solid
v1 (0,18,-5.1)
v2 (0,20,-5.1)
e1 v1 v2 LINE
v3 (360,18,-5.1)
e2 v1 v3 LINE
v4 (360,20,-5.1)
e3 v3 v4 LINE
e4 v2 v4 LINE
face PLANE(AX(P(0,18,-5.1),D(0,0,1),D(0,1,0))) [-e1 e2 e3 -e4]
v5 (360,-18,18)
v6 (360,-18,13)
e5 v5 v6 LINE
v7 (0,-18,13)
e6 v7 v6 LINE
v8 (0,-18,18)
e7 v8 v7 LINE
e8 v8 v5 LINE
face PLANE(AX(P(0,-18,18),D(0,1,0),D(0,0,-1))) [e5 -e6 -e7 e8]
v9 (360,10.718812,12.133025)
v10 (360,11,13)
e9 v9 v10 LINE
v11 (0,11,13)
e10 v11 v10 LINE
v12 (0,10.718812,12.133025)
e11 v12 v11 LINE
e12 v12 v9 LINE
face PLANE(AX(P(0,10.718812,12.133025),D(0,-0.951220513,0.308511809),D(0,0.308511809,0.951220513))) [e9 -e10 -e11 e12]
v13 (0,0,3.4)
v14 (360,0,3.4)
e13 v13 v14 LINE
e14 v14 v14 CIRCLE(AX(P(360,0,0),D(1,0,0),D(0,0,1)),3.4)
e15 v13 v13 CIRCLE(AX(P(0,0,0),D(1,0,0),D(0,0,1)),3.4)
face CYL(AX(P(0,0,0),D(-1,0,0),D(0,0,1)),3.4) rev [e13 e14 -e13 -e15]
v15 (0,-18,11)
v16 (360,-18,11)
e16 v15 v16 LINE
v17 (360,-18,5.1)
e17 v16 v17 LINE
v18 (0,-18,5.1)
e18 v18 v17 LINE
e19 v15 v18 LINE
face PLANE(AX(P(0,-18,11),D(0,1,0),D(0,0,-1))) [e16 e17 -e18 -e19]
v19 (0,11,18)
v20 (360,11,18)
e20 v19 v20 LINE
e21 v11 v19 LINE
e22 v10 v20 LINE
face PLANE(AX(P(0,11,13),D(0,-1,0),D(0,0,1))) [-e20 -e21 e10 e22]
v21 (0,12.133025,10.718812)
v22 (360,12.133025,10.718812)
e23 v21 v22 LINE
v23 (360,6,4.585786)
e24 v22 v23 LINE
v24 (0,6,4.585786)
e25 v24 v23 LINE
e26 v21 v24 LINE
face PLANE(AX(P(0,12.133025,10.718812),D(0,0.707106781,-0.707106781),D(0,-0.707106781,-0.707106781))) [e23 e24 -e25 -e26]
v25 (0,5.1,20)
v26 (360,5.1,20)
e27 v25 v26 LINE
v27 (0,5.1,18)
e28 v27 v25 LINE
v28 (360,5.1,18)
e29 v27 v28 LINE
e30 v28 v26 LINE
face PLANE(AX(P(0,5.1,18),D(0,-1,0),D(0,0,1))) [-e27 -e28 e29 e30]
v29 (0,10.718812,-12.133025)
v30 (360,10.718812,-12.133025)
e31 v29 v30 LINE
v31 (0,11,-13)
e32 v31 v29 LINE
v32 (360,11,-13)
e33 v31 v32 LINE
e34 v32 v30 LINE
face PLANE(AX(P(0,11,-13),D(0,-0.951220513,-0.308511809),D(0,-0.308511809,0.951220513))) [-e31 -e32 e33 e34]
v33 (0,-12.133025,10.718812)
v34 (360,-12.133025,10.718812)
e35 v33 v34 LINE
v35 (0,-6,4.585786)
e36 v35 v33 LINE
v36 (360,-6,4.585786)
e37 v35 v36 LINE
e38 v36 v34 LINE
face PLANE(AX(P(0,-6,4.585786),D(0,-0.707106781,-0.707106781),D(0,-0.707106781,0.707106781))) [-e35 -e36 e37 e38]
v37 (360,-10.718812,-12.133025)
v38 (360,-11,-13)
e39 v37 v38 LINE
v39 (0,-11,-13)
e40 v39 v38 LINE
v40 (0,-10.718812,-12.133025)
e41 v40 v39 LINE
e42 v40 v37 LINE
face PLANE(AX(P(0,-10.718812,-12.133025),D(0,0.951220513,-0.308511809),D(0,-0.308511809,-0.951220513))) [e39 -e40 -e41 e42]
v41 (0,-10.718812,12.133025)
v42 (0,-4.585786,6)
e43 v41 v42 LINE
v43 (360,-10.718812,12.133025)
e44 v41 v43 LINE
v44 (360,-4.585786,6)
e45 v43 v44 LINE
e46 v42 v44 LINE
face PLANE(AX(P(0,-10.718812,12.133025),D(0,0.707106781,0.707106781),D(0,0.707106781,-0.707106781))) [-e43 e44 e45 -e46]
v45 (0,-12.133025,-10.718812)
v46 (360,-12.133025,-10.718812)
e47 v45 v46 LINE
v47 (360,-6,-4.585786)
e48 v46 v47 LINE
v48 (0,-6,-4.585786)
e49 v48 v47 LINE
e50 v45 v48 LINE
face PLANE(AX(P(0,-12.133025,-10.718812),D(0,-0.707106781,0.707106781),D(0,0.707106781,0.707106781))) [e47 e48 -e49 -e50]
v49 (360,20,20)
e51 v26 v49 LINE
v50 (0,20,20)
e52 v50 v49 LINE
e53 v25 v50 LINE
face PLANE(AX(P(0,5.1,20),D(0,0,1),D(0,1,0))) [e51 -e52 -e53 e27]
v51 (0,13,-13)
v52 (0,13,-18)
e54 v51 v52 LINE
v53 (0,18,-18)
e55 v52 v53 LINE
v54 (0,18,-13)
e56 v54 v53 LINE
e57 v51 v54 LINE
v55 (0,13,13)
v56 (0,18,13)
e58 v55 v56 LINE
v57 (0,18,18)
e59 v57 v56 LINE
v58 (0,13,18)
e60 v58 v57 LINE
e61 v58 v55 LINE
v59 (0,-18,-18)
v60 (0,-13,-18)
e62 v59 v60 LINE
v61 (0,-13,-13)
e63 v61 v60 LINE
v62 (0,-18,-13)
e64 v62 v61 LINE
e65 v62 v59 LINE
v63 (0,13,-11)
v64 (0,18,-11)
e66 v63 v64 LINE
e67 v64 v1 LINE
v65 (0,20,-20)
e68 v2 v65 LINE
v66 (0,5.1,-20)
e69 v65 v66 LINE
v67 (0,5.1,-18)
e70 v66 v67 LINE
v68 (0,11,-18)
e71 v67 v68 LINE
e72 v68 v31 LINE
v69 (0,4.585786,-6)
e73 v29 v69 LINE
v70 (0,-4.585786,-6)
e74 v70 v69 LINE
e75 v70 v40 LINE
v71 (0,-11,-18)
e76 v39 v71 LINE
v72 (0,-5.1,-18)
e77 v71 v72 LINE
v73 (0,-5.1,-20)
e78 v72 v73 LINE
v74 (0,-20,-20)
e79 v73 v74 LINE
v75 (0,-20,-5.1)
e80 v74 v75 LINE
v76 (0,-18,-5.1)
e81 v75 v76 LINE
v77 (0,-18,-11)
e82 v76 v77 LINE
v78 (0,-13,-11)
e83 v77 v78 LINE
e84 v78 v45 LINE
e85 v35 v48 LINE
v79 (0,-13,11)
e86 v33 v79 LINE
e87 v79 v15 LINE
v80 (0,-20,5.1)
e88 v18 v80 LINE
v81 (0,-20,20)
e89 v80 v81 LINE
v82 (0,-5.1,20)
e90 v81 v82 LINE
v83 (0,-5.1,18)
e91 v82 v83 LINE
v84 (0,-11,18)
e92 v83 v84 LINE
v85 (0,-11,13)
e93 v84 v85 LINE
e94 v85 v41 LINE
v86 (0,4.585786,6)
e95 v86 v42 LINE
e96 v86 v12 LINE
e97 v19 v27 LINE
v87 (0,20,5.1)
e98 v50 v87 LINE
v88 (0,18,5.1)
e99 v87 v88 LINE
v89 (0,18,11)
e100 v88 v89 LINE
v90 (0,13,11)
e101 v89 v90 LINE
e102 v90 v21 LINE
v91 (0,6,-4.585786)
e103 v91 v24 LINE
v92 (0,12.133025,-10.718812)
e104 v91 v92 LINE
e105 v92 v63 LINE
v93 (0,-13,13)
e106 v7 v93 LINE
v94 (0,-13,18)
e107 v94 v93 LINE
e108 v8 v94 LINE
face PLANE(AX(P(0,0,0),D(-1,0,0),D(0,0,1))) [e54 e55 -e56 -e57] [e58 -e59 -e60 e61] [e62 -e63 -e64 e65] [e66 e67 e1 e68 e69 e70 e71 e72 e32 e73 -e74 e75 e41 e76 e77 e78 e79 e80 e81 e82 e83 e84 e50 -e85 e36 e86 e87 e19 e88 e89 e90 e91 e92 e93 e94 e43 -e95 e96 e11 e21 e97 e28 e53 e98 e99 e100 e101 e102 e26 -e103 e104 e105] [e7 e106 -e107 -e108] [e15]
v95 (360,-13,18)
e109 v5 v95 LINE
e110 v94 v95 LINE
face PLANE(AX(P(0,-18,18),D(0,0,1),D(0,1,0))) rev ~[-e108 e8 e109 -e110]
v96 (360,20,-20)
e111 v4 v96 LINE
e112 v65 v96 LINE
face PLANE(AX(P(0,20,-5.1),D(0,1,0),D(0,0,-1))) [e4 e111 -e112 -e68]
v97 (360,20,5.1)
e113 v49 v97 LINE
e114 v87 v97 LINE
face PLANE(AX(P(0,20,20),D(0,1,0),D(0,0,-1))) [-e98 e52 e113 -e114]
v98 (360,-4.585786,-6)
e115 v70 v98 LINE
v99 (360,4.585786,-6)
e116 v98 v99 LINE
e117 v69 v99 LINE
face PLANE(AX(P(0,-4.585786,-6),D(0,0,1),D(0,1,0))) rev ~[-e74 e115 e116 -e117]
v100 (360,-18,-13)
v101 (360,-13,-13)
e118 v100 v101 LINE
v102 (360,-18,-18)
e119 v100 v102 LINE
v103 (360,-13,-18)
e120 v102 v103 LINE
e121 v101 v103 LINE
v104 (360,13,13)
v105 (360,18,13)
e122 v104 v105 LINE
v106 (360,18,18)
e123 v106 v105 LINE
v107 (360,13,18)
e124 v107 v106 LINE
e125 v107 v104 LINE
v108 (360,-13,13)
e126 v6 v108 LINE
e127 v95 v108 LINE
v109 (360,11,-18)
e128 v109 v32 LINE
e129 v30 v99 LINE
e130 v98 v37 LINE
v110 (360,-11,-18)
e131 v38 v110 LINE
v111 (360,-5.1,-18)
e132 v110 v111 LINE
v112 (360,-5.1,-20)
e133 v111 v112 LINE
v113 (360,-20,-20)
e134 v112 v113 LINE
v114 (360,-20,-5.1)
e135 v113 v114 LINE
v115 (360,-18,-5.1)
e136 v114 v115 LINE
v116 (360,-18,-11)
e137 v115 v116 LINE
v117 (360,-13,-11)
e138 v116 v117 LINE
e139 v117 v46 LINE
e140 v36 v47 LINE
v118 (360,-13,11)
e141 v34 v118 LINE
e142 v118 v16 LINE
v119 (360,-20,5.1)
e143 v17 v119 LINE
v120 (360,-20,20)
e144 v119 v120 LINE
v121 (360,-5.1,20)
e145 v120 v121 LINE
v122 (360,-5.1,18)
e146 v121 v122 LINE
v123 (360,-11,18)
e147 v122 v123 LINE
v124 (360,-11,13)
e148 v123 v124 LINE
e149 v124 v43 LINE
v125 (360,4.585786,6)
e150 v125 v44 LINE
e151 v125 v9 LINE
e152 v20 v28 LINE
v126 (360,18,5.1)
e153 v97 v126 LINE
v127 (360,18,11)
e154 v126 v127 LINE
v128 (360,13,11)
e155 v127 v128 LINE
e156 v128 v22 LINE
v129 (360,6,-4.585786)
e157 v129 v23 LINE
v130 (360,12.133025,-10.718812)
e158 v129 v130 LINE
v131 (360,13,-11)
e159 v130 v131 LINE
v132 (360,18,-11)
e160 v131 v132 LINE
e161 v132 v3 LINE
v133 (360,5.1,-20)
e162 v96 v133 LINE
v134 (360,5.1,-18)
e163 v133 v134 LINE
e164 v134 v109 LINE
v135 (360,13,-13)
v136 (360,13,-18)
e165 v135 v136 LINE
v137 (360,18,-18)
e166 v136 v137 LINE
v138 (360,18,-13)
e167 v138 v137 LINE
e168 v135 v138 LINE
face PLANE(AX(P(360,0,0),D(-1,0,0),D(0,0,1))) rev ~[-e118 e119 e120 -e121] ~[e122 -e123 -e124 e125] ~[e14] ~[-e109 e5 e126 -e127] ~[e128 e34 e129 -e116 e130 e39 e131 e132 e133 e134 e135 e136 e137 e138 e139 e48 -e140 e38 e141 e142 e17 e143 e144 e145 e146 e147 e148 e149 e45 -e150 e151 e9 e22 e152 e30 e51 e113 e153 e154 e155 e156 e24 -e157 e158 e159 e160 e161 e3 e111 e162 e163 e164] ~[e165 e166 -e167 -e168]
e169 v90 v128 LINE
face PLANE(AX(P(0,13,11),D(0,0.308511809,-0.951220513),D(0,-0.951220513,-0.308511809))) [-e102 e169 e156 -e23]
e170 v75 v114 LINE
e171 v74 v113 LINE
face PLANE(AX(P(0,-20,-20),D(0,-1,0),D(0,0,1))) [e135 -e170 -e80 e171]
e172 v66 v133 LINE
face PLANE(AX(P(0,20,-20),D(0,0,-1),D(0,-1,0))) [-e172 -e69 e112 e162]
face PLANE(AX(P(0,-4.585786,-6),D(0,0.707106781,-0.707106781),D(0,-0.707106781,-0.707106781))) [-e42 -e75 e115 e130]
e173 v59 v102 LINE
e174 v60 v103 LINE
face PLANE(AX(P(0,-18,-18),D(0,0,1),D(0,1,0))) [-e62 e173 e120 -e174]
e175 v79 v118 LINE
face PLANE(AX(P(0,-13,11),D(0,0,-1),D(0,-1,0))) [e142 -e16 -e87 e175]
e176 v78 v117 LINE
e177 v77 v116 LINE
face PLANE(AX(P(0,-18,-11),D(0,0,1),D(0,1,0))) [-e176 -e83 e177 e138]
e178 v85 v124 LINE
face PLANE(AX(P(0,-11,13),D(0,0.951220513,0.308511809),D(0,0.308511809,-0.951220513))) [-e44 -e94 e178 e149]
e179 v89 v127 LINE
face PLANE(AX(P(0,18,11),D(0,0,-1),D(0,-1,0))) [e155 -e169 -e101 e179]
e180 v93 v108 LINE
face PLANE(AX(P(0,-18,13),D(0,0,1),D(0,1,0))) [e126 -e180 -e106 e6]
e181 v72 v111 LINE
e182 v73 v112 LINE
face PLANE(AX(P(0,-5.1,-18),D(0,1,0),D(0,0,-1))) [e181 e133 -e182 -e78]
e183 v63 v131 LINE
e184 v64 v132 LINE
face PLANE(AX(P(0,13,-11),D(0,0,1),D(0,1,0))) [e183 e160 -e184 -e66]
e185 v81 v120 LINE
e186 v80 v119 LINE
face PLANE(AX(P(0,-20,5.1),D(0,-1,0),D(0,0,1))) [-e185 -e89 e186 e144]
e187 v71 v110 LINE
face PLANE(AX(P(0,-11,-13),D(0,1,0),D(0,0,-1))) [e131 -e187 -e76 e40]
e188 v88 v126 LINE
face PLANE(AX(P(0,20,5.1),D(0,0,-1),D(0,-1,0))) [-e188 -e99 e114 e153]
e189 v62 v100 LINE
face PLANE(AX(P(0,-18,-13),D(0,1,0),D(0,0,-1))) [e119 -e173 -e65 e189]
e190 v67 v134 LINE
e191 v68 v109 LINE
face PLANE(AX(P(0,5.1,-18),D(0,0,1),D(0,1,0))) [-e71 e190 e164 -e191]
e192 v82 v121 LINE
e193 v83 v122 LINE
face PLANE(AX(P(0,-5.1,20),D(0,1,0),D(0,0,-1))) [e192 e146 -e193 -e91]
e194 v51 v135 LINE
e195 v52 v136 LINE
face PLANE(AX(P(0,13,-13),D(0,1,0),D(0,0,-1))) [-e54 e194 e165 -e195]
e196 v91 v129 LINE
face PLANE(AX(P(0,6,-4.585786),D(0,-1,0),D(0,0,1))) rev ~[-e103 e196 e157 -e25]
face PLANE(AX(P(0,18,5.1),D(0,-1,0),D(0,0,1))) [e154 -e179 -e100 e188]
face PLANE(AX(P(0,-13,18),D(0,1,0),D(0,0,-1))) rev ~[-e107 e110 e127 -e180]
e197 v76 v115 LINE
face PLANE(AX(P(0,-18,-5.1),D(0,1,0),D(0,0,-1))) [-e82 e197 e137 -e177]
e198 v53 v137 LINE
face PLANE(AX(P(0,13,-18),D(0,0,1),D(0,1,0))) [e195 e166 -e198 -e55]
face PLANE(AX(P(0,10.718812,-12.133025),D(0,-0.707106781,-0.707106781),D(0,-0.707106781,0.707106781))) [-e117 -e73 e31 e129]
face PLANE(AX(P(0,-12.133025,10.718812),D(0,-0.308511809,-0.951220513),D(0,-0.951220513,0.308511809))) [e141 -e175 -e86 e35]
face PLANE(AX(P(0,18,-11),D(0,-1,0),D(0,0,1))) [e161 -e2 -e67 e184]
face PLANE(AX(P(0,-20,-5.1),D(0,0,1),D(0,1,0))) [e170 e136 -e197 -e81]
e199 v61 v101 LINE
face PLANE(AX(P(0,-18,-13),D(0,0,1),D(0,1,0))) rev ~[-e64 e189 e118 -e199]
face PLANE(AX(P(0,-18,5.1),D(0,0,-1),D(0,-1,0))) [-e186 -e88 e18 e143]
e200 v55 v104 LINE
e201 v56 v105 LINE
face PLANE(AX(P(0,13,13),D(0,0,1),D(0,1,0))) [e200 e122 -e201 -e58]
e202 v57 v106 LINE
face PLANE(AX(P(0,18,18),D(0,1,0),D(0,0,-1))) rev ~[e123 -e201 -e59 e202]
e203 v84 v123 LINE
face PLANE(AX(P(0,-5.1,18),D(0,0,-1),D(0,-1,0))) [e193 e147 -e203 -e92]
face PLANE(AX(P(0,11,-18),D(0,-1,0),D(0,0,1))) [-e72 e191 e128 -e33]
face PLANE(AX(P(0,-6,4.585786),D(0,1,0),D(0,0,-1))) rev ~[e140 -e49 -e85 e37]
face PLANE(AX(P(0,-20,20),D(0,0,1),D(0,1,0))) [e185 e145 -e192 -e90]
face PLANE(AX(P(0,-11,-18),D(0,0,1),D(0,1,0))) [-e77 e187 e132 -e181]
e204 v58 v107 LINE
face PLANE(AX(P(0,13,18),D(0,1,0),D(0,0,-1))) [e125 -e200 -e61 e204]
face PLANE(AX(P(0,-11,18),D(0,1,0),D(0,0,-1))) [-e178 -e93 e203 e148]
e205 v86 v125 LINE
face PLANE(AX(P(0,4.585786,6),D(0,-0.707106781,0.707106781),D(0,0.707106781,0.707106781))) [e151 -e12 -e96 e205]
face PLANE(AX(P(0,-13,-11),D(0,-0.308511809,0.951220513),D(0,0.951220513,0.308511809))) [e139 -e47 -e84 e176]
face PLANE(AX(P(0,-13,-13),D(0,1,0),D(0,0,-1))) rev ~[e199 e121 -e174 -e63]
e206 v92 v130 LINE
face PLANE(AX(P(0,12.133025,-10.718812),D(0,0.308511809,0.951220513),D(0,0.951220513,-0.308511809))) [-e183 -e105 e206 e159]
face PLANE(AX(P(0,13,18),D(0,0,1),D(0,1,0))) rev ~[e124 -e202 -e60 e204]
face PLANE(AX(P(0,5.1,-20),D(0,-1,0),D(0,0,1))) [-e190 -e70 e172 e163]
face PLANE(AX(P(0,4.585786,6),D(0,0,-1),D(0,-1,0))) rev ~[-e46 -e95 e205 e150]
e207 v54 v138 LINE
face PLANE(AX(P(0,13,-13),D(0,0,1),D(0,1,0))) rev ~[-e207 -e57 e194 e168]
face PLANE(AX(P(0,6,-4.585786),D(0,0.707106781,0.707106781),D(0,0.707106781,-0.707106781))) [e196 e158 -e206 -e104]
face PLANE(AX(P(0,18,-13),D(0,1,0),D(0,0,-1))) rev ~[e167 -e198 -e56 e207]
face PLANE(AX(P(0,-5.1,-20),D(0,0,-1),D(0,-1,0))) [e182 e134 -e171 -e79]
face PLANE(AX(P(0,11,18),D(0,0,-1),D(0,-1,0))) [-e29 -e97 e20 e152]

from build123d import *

# Parameters (mm, degrees)
SKETCH_1_R      = 3.4
SKETCH_1_W      = 5
SKETCH_1_H      = 5
EXTRUDE_1_DEPTH = 360


with BuildPart() as part:
    # 草图1 → 凸台-拉伸1 (new body)
    with BuildSketch(Plane(origin=(0, 0, 0), x_dir=(0, 0, -1), z_dir=(1, 0, 0))):
        Polygon((0, 6), (4.585786438, 6), (10.718811909, 12.133025471), (11, 13), (11, 18), (5.1, 18), (5.1, 20), (20, 20), (20, 5.1), (18, 5.1), (18, 11), (13, 11), (12.133025471, 10.718811909), (6, 4.585786438), (6, 0), (6, -4.585786438), (12.133025471, -10.718811909), (13, -11), (18, -11), (18, -5.1), (20, -5.1), (20, -20), (5.1, -20), (5.1, -18), (11, -18), (11, -13), (10.718811909, -12.133025471), (4.585786438, -6), (0, -6), (-4.585786438, -6), (-10.718811909, -12.133025471), (-11, -13), (-11, -18), (-5.1, -18), (-5.1, -20), (-20, -20), (-20, -5.1), (-18, -5.1), (-18, -11), (-13, -11), (-12.133025471, -10.718811909), (-6, -4.585786438), (-6, 0), (-6, 4.585786438), (-12.133025471, 10.718811909), (-13, 11), (-18, 11), (-18, 5.1), (-20, 5.1), (-20, 20), (-5.1, 20), (-5.1, 18), (-11, 18), (-11, 13), (-10.718811909, 12.133025471), (-4.585786438, 6), align=None)
        with Locations(Location((0, 0, 0), (0, 0, 180))):
            Circle(SKETCH_1_R, mode=Mode.SUBTRACT)
        with Locations((15.5, -15.5)):
            Rectangle(SKETCH_1_W, SKETCH_1_H, mode=Mode.SUBTRACT)
        with Locations((15.5, 15.5)):
            Rectangle(SKETCH_1_W, SKETCH_1_H, mode=Mode.SUBTRACT)
        with Locations((-15.5, -15.5)):
            Rectangle(SKETCH_1_W, SKETCH_1_H, mode=Mode.SUBTRACT)
        with Locations((-15.5, 15.5)):
            Rectangle(SKETCH_1_W, SKETCH_1_H, mode=Mode.SUBTRACT)
    extrude(amount=EXTRUDE_1_DEPTH)


solid = part.part
